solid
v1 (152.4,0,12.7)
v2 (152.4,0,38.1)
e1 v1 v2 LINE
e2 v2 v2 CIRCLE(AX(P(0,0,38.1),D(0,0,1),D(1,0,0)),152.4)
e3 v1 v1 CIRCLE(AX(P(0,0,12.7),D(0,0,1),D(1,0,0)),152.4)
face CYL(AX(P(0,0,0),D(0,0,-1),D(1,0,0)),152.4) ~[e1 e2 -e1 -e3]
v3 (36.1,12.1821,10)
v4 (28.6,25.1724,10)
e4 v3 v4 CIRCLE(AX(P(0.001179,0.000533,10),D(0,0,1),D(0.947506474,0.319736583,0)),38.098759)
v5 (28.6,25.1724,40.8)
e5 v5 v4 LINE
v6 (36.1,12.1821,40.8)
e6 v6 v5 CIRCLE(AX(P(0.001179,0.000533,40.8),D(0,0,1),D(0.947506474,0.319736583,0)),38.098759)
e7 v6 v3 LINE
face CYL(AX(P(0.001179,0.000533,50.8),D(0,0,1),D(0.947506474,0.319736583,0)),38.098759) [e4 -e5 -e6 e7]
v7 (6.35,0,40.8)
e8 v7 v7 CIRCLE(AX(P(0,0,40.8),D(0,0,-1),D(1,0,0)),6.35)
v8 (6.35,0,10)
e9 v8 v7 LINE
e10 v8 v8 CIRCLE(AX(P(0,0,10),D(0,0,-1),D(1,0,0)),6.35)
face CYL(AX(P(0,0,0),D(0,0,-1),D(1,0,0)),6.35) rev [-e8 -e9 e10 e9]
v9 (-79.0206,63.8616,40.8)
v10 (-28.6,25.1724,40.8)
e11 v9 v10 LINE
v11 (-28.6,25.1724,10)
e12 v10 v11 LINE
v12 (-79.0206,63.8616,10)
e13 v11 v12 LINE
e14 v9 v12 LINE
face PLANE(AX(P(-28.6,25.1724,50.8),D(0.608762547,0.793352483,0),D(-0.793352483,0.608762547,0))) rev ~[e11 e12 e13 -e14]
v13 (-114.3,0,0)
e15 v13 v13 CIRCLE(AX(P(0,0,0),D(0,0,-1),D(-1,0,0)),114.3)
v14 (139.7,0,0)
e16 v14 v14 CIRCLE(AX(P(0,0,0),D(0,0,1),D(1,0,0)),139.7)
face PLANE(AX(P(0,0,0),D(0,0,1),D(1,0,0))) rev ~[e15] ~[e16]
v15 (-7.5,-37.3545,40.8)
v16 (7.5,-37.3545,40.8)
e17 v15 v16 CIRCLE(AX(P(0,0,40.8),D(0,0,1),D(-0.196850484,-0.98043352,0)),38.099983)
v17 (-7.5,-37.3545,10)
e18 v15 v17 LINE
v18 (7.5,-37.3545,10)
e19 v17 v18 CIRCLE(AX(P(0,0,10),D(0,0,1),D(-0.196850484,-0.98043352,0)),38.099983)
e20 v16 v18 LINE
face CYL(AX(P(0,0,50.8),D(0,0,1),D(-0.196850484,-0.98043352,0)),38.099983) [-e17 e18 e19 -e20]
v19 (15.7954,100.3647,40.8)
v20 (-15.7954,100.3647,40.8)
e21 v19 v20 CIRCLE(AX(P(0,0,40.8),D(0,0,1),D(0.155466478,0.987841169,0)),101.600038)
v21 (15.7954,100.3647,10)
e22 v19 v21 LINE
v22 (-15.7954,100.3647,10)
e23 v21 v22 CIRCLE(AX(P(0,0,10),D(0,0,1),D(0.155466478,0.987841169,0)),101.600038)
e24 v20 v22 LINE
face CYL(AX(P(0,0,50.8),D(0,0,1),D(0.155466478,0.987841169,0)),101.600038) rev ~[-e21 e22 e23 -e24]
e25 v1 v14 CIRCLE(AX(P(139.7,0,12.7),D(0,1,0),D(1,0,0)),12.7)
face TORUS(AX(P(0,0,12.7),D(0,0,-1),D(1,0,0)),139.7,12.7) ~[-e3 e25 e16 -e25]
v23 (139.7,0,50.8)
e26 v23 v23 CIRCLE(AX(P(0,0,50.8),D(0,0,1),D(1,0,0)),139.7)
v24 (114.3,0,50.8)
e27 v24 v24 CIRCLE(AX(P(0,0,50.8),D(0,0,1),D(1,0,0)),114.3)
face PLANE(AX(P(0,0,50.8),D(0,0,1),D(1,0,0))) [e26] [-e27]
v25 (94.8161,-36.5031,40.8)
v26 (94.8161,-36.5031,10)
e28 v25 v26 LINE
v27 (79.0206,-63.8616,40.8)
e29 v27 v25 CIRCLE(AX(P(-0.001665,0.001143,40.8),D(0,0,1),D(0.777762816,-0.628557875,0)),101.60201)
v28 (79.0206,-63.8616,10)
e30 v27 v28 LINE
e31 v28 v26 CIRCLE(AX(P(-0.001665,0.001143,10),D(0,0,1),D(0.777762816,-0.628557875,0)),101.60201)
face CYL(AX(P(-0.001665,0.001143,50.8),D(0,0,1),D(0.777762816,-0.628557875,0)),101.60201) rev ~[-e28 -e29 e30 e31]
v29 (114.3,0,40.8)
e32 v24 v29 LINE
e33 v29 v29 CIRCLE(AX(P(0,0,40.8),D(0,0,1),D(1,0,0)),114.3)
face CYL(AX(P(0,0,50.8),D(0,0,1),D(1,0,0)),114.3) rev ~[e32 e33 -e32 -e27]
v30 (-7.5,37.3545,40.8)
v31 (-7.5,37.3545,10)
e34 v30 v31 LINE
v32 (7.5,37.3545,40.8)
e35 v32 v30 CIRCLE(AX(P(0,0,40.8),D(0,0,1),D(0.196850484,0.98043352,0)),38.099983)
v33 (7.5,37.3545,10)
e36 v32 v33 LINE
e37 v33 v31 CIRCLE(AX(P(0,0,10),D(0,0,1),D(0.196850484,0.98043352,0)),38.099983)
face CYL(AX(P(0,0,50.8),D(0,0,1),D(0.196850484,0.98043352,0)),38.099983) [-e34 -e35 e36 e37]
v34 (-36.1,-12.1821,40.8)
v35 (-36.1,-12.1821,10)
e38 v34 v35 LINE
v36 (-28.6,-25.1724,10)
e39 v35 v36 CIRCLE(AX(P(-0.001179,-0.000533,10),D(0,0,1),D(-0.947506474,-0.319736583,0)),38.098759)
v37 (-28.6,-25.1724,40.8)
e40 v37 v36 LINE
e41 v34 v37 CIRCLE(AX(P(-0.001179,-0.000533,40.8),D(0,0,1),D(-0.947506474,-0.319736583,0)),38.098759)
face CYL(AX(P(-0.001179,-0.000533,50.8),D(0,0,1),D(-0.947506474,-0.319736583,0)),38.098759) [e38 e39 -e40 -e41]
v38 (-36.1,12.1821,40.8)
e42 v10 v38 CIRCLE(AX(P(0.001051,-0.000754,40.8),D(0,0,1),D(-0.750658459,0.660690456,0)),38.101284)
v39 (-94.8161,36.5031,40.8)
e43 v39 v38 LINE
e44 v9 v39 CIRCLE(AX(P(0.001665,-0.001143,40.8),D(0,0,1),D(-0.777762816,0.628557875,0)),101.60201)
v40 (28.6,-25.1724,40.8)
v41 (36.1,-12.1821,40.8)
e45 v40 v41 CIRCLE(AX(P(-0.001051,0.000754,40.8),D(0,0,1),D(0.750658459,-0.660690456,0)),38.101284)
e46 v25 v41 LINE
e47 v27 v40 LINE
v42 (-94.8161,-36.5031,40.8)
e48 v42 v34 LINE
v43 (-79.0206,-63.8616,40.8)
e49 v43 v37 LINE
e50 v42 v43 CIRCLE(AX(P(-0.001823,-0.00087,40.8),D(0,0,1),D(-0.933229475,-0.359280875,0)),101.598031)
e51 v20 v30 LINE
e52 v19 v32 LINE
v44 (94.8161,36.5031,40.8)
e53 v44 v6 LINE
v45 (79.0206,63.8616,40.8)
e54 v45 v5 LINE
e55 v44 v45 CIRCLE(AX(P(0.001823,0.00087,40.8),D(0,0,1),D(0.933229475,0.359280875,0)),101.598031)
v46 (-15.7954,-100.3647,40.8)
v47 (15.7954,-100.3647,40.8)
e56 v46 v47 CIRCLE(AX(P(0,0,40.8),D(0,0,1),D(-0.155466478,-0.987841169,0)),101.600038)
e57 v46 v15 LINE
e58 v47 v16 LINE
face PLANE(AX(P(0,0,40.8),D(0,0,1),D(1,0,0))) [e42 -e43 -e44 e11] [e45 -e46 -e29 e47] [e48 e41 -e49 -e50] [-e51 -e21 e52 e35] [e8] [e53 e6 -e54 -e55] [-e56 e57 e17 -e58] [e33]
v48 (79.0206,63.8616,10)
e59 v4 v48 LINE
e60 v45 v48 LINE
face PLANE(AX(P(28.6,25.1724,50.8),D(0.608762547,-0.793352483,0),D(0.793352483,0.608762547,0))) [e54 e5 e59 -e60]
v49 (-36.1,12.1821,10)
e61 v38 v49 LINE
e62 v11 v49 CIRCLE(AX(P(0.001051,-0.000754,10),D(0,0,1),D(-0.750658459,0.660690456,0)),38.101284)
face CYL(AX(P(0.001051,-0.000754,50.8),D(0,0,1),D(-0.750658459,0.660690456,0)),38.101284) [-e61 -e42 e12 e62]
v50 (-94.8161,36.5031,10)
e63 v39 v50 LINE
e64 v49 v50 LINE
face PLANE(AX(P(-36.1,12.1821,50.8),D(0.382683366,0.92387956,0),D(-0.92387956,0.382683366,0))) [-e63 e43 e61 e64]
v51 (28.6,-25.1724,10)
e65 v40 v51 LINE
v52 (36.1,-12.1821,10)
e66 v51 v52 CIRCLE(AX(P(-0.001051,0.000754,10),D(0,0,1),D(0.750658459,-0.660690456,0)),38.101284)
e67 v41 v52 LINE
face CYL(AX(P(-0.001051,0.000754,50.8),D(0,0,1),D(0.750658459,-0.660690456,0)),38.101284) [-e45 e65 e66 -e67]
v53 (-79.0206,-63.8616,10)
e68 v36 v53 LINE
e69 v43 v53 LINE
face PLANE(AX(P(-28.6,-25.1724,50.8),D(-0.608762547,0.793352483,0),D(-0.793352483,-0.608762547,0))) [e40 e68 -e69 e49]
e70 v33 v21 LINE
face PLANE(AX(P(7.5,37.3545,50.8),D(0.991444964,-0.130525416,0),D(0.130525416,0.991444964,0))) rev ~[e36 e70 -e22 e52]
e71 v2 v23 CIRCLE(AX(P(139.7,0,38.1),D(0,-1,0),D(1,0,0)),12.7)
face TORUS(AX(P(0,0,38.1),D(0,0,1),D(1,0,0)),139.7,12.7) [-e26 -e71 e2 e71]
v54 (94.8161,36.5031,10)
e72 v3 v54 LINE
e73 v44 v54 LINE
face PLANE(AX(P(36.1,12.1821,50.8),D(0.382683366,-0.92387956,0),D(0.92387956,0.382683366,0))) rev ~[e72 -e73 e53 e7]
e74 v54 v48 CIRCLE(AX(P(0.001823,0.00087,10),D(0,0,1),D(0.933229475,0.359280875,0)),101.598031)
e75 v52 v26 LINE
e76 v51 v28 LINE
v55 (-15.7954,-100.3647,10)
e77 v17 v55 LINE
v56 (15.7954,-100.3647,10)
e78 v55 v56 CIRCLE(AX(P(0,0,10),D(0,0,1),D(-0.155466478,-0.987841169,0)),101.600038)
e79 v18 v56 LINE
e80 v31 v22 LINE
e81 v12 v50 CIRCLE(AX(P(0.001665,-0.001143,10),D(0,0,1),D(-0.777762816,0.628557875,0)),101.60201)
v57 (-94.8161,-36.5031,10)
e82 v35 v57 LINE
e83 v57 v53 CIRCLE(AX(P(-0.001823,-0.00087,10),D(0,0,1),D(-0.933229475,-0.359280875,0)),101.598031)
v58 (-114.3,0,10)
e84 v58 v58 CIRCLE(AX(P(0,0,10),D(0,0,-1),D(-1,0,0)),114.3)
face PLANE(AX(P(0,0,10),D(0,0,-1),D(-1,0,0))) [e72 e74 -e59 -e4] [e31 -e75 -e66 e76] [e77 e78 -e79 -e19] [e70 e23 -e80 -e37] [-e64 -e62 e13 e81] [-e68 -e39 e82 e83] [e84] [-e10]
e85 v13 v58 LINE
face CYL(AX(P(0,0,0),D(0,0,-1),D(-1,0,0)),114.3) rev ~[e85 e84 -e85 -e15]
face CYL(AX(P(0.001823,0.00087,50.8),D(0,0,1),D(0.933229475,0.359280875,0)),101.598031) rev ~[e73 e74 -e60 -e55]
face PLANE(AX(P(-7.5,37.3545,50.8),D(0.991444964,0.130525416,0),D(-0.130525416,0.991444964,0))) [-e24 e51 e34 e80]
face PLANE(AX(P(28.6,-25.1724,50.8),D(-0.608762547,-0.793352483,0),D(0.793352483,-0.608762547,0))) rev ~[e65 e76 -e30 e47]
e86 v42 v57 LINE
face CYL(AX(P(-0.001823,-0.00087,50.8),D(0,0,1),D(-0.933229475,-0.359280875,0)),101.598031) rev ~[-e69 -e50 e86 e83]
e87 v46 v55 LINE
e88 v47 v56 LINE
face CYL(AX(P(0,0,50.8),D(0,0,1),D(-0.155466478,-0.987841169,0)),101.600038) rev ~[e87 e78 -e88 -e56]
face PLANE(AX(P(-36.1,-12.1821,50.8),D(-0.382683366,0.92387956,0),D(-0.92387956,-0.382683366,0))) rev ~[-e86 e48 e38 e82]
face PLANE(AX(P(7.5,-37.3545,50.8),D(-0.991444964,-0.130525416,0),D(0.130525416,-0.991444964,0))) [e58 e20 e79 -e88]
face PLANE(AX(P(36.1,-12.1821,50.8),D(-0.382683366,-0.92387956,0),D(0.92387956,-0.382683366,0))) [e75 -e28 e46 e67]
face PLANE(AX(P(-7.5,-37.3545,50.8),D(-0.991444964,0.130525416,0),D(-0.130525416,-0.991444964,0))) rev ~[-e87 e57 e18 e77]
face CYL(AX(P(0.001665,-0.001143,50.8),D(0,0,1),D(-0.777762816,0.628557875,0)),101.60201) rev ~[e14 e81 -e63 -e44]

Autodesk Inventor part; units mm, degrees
ref_plane "YZ Plane" through (0, 0, 0) normal (1, 0, 0) x (0, 1, 0)
ref_plane "XZ Plane" through (0, 0, 0) normal (0, 1, 0) x (-1, 0, 0)
ref_plane "XY Plane" through (0, 0, 0) normal (0, 0, 1) x (1, 0, 0)
sketch "Sketch1" plane through (0, 0, 0) normal (0, 0, 1) x (1, 0, 0)
  circle A0 centre (0, 0) radius 152.4
  circle A1 centre (0, 0) radius 6.35
  dimension "d0" = 304.8
  dimension "d1" = 12.7
extrude "Extrusion1" add sketch "Sketch1" along normal blind 50.8
sketch "Sketch2" plane through (0, 0, 50.8) normal (0, 0, 1) x (1, 0, 0)
  circle A0 centre (0, 0) radius 6.35 projected
  circle A1 centre (0, 0) radius 38.1 construction
  circle A2 centre (0, 0) radius 101.6 construction
  line L0 (7.5, -37.3545) -> (15.7954, -100.3647)
  line L1 (-7.5, -37.3545) -> (-15.7954, -100.3647)
  line L2 (7.5, -37.3545) -> (-7.5, -37.3545) construction
  arc A3 (-15.7954, -100.3647) -> (15.7954, -100.3647) centre (0, 0) ccw
  arc A4 (-7.5, -37.3545) -> (7.5, -37.3545) centre (0, 0) ccw
  circle A5 centre (0, 0) radius 38.1 construction
  circle A6 centre (0, 0) radius 101.6 construction
  line L3 (36.1, -12.1821) -> (94.8161, -36.5031)
  line L4 (28.6, -25.1724) -> (79.0206, -63.8616)
  line L5 (36.1, -12.1821) -> (28.6, -25.1724) construction
  arc A7 (79.0206, -63.8616) -> (94.8161, -36.5031) centre (0, 0) ccw
  arc A8 (28.6, -25.1724) -> (36.1, -12.1821) centre (0, 0) ccw
  circle A9 centre (0, 0) radius 38.1 construction
  circle A10 centre (0, 0) radius 101.6 construction
  line L6 (28.6, 25.1724) -> (79.0206, 63.8616)
  line L7 (36.1, 12.1821) -> (94.8161, 36.5031)
  line L8 (28.6, 25.1724) -> (36.1, 12.1821) construction
  arc A11 (94.8161, 36.5031) -> (79.0206, 63.8616) centre (0, 0) ccw
  arc A12 (36.1, 12.1821) -> (28.6, 25.1724) centre (0, 0) ccw
  circle A13 centre (0, 0) radius 38.1 construction
  circle A14 centre (0, 0) radius 101.6 construction
  line L9 (-7.5, 37.3545) -> (-15.7954, 100.3647)
  line L10 (7.5, 37.3545) -> (15.7954, 100.3647)
  line L11 (-7.5, 37.3545) -> (7.5, 37.3545) construction
  arc A15 (15.7954, 100.3647) -> (-15.7954, 100.3647) centre (0, 0) ccw
  arc A16 (7.5, 37.3545) -> (-7.5, 37.3545) centre (0, 0) ccw
  circle A17 centre (0, 0) radius 38.1 construction
  circle A18 centre (0, 0) radius 101.6 construction
  line L12 (-36.1, 12.1821) -> (-94.8161, 36.5031)
  line L13 (-28.6, 25.1724) -> (-79.0206, 63.8616)
  line L14 (-36.1, 12.1821) -> (-28.6, 25.1724) construction
  arc A19 (-79.0206, 63.8616) -> (-94.8161, 36.5031) centre (0, 0) ccw
  arc A20 (-28.6, 25.1724) -> (-36.1, 12.1821) centre (0, 0) ccw
  circle A21 centre (0, 0) radius 38.1 construction
  circle A22 centre (0, 0) radius 101.6 construction
  line L15 (-28.6, -25.1724) -> (-79.0206, -63.8616)
  line L16 (-36.1, -12.1821) -> (-94.8161, -36.5031)
  line L17 (-28.6, -25.1724) -> (-36.1, -12.1821) construction
  arc A23 (-94.8161, -36.5031) -> (-79.0206, -63.8616) centre (0, 0) ccw
  arc A24 (-36.1, -12.1821) -> (-28.6, -25.1724) centre (0, 0) ccw
  point P0 (0, -37.3545)
  point P1 (0, -101.6)
  point P2 (32.35, -18.6773)
  point P3 (87.9882, -50.8)
  point P4 (32.35, 18.6773)
  point P5 (87.9882, 50.8)
  point P6 (0, 37.3545)
  point P7 (0, 101.6)
  point P8 (-32.35, 18.6773)
  point P9 (-87.9882, 50.8)
  point P10 (-32.35, -18.6773)
  point P11 (-87.9882, -50.8)
  dimension "d4" = 15
  dimension "d5" = 15
  dimension "d6" = 76.2
  dimension "d7" = 203.2
  dimension "d10" = 360
extrude "Extrusion2" cut sketch "Sketch2" against normal through all
sketch "Sketch3" plane through (0, 0, 50.8) normal (0, 0, 1) x (1, 0, 0)
  circle A0 centre (0, 0) radius 114.3
  dimension "d14" = 228.6
extrude "Extrusion3" cut sketch "Sketch3" against normal blind 10
sketch "Sketch4" plane through (0, 0, 0) normal (0, 0, -1) x (-1, 0, 0)
  circle A0 centre (0, 0) radius 6.35 projected
  circle A1 centre (0, 0) radius 114.3 projected
extrude "Extrusion4" cut sketch "Sketch4" against normal blind 10 contours A0 | A1
fillet "Fillet1" radius 12.7 2 edges at (-152.4, 0, 0) (-152.4, 0, 50.8)
properties part number "12 in Wheel"
